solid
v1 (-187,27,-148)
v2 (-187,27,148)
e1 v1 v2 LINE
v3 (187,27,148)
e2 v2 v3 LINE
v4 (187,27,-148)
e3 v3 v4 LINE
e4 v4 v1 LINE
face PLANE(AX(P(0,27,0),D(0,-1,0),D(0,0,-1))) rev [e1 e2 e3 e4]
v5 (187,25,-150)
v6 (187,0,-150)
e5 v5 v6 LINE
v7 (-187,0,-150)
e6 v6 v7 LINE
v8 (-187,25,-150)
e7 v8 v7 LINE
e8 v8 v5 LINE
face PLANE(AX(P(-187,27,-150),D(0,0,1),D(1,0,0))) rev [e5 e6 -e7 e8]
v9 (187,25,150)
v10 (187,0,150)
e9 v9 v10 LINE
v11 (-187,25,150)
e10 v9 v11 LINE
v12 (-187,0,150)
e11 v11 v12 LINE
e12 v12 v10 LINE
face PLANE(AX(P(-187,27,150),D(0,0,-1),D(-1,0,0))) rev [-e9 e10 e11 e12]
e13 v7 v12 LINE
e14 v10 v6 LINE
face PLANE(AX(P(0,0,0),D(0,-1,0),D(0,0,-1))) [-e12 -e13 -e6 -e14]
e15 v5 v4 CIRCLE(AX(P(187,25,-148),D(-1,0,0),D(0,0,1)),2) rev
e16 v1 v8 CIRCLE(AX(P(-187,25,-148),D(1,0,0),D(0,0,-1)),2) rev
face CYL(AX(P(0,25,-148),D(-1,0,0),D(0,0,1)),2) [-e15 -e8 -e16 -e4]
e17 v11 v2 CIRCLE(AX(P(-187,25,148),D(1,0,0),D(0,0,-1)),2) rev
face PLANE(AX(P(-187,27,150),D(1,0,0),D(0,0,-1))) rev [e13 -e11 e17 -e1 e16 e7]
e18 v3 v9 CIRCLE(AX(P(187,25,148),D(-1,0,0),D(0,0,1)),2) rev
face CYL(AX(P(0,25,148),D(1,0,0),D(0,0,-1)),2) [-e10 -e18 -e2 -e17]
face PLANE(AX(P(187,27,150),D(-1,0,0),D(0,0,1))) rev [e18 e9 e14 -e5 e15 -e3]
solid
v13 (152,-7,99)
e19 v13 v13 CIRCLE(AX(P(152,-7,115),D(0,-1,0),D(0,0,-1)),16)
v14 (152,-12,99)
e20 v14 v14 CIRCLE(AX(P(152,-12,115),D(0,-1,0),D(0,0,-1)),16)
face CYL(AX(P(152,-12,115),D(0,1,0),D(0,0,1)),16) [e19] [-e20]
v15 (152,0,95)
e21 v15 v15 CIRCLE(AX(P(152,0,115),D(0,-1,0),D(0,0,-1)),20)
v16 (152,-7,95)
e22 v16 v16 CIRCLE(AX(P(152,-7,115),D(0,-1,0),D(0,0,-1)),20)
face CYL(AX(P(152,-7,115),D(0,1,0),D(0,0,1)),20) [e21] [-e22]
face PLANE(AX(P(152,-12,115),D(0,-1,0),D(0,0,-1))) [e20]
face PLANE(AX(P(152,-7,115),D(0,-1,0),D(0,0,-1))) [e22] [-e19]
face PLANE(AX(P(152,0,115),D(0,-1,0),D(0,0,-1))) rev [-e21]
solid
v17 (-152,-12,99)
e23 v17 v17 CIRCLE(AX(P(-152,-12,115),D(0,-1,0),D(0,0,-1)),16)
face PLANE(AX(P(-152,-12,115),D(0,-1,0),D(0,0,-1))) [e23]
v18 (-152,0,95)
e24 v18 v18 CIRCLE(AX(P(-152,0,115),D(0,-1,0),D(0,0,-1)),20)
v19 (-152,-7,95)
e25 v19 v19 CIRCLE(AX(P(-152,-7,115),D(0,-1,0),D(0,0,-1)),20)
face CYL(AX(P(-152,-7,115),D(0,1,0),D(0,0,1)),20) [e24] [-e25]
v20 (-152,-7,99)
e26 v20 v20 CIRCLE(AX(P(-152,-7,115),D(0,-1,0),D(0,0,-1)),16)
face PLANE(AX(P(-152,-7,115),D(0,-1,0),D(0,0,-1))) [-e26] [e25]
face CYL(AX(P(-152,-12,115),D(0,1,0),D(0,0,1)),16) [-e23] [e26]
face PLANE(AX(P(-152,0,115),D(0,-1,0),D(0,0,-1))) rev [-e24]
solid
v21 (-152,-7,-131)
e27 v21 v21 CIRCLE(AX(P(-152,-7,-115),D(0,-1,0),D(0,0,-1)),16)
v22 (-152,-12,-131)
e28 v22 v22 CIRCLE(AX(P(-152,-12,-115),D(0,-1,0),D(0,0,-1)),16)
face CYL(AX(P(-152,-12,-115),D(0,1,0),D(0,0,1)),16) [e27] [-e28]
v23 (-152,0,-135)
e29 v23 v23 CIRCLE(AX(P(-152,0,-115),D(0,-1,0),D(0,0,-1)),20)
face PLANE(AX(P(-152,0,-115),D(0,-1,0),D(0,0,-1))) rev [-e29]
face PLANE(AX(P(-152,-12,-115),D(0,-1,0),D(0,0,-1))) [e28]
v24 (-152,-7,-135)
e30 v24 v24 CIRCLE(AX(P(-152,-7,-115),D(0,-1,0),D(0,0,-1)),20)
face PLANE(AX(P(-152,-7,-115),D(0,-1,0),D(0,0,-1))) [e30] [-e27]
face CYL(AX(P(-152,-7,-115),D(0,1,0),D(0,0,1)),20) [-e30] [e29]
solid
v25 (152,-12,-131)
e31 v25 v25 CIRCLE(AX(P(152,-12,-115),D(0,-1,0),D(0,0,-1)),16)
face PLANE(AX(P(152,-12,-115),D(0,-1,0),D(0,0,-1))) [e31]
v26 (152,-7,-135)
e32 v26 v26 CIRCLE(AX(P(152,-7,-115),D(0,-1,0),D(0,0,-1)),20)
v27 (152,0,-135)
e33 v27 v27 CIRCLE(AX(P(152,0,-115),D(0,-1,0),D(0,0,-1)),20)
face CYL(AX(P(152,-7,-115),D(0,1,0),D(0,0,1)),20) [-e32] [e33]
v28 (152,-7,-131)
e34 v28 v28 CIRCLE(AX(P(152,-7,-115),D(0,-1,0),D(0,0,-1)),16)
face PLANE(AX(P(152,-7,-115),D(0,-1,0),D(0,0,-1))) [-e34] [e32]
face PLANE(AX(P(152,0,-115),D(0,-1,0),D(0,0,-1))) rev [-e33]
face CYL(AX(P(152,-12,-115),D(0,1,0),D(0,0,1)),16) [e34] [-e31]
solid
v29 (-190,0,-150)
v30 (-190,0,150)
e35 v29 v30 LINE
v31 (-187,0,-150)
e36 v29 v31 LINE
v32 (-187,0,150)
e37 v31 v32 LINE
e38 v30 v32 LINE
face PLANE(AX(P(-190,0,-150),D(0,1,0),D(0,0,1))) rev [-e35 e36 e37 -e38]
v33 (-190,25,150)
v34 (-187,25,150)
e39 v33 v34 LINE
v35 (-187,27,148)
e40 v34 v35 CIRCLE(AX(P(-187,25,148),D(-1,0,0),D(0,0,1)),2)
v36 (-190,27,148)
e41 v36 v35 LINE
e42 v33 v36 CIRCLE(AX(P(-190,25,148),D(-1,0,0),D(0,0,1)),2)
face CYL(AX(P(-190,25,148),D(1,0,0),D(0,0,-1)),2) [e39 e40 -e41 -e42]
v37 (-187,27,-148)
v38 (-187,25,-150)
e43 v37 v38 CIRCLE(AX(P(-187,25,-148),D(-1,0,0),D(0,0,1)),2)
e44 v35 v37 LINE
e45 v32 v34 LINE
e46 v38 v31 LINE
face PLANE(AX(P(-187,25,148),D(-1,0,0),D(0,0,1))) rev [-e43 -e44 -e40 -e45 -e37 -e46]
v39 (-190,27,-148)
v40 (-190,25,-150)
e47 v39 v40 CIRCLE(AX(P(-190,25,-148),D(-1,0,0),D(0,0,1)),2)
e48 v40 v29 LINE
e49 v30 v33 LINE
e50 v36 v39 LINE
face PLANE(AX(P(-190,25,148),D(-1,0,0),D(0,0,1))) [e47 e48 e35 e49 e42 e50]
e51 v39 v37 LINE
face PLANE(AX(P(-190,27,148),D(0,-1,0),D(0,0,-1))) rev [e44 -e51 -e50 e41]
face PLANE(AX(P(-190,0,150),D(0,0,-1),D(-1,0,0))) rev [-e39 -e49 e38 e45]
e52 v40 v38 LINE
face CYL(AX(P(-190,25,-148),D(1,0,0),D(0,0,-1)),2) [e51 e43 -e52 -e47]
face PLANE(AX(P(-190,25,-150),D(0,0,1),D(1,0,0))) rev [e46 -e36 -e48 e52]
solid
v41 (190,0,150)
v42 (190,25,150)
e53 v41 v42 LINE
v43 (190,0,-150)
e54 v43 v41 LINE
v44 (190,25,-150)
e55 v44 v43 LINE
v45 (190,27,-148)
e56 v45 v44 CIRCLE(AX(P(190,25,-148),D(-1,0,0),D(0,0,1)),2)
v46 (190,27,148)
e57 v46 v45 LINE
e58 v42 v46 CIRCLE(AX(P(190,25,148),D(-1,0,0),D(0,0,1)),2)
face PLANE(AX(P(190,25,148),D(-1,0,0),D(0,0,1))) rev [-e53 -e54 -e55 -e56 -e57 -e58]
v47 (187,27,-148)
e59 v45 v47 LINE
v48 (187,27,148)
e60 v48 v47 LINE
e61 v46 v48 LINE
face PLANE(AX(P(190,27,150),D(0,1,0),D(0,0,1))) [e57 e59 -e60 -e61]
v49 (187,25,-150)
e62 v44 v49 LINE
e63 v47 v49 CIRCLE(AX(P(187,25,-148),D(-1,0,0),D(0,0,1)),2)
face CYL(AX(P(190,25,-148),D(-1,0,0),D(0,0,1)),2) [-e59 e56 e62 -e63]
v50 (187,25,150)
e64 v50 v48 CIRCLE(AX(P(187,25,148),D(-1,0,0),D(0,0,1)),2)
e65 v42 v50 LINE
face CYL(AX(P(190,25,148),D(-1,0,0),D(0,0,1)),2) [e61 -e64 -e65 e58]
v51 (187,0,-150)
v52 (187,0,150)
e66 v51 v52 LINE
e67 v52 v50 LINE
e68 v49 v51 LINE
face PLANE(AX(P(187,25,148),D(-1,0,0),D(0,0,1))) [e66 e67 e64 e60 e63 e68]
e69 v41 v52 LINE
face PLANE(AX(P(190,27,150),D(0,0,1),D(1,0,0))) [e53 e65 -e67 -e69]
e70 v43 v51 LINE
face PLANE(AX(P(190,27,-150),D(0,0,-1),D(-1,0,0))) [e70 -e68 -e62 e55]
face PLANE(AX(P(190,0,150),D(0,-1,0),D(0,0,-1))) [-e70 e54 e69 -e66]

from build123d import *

# Parameters (mm, degrees)
SKETCH1_W           = 374
SKETCH1_H           = 300
BODY_DEPTH          = 27
SKETCH2_R           = 20
FEET_DEPTH          = 7
FEET_2_DEPTH        = 7
FEET_3_DEPTH        = 7
FEET_4_DEPTH        = 7
EDGES_2_R           = 2
END_CAP_A_DEPTH     = 3
END_START           = -374
END_CAP_B_DEPTH     = 3
SKETCH5_R           = 16
BOSS_EXTRUDE8_DEPTH = 5


with BuildPart() as part:
    # Sketch1 → Body (new body)
    with BuildSketch(Plane(origin=(0, 0, 0), x_dir=(1, 0, 0), z_dir=(0, 1, 0))):
        Rectangle(SKETCH1_W, SKETCH1_H)
    extrude(amount=BODY_DEPTH)

    # Edges 2
    edges_2_edges = [part.edges().sort_by_distance(p)[0] for p in [
        (0, 27, 150),
        (0, 27, -150),
    ]]
    fillet(edges_2_edges, radius=EDGES_2_R)


with BuildPart() as body_2:
    # Sketch2 → Feet (new body)
    with BuildSketch(Plane.XZ):
        with Locations(Location((-152, 115, 0), (0, 0, 270))):
            Circle(SKETCH2_R)
    extrude(amount=FEET_DEPTH)



with BuildPart() as body_3:
    # Sketch2 → Feet 2 (new body)
    with BuildSketch(Plane.XZ):
        with Locations(Location((152, 115, 0), (0, 0, 270))):
            Circle(SKETCH2_R)
    extrude(amount=FEET_2_DEPTH)


with BuildPart() as body_4:
    # Sketch2 → Feet 3 (new body)
    with BuildSketch(Plane.XZ):
        with Locations(Location((-152, -115, 0), (0, 0, 270))):
            Circle(SKETCH2_R)
    extrude(amount=FEET_3_DEPTH)


with BuildPart() as body_5:
    # Sketch2 → Feet 4 (new body)
    with BuildSketch(Plane.XZ):
        with Locations(Location((152, -115, 0), (0, 0, 270))):
            Circle(SKETCH2_R)
    extrude(amount=FEET_4_DEPTH)


with BuildPart() as body_6:
    # Sketch4 → End Cap A (new body)
    with BuildSketch(Plane.ZY.offset(187)):
        with BuildLine():
            Line((148, 27), (-148, 27))
            ThreePointArc((-148, 27), (-149.414213562, 26.414213562), (-150, 25))
            Line((-150, 25), (-150, 0))
            Line((-150, 0), (150, 0))
            Line((150, 0), (150, 25))
            ThreePointArc((150, 25), (149.414213562, 26.414213562), (148, 27))
        make_face()
    extrude(amount=END_CAP_A_DEPTH)


with BuildPart() as body_7:
    # Sketch4<2> → End Cap B (new body)
    with BuildSketch(Plane.ZY.offset(187).offset(END_START)):
        with BuildLine():
            Line((148, 27), (-148, 27))
            ThreePointArc((-148, 27), (-149.414213562, 26.414213562), (-150, 25))
            Line((-150, 25), (-150, 0))
            Line((-150, 0), (150, 0))
            Line((150, 0), (150, 25))
            ThreePointArc((150, 25), (149.414213562, 26.414213562), (148, 27))
        make_face()
    extrude(amount=-END_CAP_B_DEPTH)


with BuildPart() as body_2_1:
    add(body_2.part)

    add(body_3.part)  # Boss-Extrude8 merges body 3

    add(body_4.part)  # Boss-Extrude8 merges body 4

    add(body_5.part)  # Boss-Extrude8 merges body 5
    # Sketch5 → Boss-Extrude8 (add)
    with BuildSketch(Plane.XZ.offset(7)):
        with Locations(Location((-152, 115, 0), (0, 0, 270))):
            Circle(SKETCH5_R)
        with Locations(Location((152, 115, 0), (0, 0, 270))):
            Circle(SKETCH5_R)
        with Locations(Location((152, -115, 0), (0, 0, 270))):
            Circle(SKETCH5_R)
        with Locations(Location((-152, -115, 0), (0, 0, 270))):
            Circle(SKETCH5_R)
    extrude(amount=BOSS_EXTRUDE8_DEPTH)


solid = Compound([part.part, body_6.part, body_7.part, body_2_1.part])
